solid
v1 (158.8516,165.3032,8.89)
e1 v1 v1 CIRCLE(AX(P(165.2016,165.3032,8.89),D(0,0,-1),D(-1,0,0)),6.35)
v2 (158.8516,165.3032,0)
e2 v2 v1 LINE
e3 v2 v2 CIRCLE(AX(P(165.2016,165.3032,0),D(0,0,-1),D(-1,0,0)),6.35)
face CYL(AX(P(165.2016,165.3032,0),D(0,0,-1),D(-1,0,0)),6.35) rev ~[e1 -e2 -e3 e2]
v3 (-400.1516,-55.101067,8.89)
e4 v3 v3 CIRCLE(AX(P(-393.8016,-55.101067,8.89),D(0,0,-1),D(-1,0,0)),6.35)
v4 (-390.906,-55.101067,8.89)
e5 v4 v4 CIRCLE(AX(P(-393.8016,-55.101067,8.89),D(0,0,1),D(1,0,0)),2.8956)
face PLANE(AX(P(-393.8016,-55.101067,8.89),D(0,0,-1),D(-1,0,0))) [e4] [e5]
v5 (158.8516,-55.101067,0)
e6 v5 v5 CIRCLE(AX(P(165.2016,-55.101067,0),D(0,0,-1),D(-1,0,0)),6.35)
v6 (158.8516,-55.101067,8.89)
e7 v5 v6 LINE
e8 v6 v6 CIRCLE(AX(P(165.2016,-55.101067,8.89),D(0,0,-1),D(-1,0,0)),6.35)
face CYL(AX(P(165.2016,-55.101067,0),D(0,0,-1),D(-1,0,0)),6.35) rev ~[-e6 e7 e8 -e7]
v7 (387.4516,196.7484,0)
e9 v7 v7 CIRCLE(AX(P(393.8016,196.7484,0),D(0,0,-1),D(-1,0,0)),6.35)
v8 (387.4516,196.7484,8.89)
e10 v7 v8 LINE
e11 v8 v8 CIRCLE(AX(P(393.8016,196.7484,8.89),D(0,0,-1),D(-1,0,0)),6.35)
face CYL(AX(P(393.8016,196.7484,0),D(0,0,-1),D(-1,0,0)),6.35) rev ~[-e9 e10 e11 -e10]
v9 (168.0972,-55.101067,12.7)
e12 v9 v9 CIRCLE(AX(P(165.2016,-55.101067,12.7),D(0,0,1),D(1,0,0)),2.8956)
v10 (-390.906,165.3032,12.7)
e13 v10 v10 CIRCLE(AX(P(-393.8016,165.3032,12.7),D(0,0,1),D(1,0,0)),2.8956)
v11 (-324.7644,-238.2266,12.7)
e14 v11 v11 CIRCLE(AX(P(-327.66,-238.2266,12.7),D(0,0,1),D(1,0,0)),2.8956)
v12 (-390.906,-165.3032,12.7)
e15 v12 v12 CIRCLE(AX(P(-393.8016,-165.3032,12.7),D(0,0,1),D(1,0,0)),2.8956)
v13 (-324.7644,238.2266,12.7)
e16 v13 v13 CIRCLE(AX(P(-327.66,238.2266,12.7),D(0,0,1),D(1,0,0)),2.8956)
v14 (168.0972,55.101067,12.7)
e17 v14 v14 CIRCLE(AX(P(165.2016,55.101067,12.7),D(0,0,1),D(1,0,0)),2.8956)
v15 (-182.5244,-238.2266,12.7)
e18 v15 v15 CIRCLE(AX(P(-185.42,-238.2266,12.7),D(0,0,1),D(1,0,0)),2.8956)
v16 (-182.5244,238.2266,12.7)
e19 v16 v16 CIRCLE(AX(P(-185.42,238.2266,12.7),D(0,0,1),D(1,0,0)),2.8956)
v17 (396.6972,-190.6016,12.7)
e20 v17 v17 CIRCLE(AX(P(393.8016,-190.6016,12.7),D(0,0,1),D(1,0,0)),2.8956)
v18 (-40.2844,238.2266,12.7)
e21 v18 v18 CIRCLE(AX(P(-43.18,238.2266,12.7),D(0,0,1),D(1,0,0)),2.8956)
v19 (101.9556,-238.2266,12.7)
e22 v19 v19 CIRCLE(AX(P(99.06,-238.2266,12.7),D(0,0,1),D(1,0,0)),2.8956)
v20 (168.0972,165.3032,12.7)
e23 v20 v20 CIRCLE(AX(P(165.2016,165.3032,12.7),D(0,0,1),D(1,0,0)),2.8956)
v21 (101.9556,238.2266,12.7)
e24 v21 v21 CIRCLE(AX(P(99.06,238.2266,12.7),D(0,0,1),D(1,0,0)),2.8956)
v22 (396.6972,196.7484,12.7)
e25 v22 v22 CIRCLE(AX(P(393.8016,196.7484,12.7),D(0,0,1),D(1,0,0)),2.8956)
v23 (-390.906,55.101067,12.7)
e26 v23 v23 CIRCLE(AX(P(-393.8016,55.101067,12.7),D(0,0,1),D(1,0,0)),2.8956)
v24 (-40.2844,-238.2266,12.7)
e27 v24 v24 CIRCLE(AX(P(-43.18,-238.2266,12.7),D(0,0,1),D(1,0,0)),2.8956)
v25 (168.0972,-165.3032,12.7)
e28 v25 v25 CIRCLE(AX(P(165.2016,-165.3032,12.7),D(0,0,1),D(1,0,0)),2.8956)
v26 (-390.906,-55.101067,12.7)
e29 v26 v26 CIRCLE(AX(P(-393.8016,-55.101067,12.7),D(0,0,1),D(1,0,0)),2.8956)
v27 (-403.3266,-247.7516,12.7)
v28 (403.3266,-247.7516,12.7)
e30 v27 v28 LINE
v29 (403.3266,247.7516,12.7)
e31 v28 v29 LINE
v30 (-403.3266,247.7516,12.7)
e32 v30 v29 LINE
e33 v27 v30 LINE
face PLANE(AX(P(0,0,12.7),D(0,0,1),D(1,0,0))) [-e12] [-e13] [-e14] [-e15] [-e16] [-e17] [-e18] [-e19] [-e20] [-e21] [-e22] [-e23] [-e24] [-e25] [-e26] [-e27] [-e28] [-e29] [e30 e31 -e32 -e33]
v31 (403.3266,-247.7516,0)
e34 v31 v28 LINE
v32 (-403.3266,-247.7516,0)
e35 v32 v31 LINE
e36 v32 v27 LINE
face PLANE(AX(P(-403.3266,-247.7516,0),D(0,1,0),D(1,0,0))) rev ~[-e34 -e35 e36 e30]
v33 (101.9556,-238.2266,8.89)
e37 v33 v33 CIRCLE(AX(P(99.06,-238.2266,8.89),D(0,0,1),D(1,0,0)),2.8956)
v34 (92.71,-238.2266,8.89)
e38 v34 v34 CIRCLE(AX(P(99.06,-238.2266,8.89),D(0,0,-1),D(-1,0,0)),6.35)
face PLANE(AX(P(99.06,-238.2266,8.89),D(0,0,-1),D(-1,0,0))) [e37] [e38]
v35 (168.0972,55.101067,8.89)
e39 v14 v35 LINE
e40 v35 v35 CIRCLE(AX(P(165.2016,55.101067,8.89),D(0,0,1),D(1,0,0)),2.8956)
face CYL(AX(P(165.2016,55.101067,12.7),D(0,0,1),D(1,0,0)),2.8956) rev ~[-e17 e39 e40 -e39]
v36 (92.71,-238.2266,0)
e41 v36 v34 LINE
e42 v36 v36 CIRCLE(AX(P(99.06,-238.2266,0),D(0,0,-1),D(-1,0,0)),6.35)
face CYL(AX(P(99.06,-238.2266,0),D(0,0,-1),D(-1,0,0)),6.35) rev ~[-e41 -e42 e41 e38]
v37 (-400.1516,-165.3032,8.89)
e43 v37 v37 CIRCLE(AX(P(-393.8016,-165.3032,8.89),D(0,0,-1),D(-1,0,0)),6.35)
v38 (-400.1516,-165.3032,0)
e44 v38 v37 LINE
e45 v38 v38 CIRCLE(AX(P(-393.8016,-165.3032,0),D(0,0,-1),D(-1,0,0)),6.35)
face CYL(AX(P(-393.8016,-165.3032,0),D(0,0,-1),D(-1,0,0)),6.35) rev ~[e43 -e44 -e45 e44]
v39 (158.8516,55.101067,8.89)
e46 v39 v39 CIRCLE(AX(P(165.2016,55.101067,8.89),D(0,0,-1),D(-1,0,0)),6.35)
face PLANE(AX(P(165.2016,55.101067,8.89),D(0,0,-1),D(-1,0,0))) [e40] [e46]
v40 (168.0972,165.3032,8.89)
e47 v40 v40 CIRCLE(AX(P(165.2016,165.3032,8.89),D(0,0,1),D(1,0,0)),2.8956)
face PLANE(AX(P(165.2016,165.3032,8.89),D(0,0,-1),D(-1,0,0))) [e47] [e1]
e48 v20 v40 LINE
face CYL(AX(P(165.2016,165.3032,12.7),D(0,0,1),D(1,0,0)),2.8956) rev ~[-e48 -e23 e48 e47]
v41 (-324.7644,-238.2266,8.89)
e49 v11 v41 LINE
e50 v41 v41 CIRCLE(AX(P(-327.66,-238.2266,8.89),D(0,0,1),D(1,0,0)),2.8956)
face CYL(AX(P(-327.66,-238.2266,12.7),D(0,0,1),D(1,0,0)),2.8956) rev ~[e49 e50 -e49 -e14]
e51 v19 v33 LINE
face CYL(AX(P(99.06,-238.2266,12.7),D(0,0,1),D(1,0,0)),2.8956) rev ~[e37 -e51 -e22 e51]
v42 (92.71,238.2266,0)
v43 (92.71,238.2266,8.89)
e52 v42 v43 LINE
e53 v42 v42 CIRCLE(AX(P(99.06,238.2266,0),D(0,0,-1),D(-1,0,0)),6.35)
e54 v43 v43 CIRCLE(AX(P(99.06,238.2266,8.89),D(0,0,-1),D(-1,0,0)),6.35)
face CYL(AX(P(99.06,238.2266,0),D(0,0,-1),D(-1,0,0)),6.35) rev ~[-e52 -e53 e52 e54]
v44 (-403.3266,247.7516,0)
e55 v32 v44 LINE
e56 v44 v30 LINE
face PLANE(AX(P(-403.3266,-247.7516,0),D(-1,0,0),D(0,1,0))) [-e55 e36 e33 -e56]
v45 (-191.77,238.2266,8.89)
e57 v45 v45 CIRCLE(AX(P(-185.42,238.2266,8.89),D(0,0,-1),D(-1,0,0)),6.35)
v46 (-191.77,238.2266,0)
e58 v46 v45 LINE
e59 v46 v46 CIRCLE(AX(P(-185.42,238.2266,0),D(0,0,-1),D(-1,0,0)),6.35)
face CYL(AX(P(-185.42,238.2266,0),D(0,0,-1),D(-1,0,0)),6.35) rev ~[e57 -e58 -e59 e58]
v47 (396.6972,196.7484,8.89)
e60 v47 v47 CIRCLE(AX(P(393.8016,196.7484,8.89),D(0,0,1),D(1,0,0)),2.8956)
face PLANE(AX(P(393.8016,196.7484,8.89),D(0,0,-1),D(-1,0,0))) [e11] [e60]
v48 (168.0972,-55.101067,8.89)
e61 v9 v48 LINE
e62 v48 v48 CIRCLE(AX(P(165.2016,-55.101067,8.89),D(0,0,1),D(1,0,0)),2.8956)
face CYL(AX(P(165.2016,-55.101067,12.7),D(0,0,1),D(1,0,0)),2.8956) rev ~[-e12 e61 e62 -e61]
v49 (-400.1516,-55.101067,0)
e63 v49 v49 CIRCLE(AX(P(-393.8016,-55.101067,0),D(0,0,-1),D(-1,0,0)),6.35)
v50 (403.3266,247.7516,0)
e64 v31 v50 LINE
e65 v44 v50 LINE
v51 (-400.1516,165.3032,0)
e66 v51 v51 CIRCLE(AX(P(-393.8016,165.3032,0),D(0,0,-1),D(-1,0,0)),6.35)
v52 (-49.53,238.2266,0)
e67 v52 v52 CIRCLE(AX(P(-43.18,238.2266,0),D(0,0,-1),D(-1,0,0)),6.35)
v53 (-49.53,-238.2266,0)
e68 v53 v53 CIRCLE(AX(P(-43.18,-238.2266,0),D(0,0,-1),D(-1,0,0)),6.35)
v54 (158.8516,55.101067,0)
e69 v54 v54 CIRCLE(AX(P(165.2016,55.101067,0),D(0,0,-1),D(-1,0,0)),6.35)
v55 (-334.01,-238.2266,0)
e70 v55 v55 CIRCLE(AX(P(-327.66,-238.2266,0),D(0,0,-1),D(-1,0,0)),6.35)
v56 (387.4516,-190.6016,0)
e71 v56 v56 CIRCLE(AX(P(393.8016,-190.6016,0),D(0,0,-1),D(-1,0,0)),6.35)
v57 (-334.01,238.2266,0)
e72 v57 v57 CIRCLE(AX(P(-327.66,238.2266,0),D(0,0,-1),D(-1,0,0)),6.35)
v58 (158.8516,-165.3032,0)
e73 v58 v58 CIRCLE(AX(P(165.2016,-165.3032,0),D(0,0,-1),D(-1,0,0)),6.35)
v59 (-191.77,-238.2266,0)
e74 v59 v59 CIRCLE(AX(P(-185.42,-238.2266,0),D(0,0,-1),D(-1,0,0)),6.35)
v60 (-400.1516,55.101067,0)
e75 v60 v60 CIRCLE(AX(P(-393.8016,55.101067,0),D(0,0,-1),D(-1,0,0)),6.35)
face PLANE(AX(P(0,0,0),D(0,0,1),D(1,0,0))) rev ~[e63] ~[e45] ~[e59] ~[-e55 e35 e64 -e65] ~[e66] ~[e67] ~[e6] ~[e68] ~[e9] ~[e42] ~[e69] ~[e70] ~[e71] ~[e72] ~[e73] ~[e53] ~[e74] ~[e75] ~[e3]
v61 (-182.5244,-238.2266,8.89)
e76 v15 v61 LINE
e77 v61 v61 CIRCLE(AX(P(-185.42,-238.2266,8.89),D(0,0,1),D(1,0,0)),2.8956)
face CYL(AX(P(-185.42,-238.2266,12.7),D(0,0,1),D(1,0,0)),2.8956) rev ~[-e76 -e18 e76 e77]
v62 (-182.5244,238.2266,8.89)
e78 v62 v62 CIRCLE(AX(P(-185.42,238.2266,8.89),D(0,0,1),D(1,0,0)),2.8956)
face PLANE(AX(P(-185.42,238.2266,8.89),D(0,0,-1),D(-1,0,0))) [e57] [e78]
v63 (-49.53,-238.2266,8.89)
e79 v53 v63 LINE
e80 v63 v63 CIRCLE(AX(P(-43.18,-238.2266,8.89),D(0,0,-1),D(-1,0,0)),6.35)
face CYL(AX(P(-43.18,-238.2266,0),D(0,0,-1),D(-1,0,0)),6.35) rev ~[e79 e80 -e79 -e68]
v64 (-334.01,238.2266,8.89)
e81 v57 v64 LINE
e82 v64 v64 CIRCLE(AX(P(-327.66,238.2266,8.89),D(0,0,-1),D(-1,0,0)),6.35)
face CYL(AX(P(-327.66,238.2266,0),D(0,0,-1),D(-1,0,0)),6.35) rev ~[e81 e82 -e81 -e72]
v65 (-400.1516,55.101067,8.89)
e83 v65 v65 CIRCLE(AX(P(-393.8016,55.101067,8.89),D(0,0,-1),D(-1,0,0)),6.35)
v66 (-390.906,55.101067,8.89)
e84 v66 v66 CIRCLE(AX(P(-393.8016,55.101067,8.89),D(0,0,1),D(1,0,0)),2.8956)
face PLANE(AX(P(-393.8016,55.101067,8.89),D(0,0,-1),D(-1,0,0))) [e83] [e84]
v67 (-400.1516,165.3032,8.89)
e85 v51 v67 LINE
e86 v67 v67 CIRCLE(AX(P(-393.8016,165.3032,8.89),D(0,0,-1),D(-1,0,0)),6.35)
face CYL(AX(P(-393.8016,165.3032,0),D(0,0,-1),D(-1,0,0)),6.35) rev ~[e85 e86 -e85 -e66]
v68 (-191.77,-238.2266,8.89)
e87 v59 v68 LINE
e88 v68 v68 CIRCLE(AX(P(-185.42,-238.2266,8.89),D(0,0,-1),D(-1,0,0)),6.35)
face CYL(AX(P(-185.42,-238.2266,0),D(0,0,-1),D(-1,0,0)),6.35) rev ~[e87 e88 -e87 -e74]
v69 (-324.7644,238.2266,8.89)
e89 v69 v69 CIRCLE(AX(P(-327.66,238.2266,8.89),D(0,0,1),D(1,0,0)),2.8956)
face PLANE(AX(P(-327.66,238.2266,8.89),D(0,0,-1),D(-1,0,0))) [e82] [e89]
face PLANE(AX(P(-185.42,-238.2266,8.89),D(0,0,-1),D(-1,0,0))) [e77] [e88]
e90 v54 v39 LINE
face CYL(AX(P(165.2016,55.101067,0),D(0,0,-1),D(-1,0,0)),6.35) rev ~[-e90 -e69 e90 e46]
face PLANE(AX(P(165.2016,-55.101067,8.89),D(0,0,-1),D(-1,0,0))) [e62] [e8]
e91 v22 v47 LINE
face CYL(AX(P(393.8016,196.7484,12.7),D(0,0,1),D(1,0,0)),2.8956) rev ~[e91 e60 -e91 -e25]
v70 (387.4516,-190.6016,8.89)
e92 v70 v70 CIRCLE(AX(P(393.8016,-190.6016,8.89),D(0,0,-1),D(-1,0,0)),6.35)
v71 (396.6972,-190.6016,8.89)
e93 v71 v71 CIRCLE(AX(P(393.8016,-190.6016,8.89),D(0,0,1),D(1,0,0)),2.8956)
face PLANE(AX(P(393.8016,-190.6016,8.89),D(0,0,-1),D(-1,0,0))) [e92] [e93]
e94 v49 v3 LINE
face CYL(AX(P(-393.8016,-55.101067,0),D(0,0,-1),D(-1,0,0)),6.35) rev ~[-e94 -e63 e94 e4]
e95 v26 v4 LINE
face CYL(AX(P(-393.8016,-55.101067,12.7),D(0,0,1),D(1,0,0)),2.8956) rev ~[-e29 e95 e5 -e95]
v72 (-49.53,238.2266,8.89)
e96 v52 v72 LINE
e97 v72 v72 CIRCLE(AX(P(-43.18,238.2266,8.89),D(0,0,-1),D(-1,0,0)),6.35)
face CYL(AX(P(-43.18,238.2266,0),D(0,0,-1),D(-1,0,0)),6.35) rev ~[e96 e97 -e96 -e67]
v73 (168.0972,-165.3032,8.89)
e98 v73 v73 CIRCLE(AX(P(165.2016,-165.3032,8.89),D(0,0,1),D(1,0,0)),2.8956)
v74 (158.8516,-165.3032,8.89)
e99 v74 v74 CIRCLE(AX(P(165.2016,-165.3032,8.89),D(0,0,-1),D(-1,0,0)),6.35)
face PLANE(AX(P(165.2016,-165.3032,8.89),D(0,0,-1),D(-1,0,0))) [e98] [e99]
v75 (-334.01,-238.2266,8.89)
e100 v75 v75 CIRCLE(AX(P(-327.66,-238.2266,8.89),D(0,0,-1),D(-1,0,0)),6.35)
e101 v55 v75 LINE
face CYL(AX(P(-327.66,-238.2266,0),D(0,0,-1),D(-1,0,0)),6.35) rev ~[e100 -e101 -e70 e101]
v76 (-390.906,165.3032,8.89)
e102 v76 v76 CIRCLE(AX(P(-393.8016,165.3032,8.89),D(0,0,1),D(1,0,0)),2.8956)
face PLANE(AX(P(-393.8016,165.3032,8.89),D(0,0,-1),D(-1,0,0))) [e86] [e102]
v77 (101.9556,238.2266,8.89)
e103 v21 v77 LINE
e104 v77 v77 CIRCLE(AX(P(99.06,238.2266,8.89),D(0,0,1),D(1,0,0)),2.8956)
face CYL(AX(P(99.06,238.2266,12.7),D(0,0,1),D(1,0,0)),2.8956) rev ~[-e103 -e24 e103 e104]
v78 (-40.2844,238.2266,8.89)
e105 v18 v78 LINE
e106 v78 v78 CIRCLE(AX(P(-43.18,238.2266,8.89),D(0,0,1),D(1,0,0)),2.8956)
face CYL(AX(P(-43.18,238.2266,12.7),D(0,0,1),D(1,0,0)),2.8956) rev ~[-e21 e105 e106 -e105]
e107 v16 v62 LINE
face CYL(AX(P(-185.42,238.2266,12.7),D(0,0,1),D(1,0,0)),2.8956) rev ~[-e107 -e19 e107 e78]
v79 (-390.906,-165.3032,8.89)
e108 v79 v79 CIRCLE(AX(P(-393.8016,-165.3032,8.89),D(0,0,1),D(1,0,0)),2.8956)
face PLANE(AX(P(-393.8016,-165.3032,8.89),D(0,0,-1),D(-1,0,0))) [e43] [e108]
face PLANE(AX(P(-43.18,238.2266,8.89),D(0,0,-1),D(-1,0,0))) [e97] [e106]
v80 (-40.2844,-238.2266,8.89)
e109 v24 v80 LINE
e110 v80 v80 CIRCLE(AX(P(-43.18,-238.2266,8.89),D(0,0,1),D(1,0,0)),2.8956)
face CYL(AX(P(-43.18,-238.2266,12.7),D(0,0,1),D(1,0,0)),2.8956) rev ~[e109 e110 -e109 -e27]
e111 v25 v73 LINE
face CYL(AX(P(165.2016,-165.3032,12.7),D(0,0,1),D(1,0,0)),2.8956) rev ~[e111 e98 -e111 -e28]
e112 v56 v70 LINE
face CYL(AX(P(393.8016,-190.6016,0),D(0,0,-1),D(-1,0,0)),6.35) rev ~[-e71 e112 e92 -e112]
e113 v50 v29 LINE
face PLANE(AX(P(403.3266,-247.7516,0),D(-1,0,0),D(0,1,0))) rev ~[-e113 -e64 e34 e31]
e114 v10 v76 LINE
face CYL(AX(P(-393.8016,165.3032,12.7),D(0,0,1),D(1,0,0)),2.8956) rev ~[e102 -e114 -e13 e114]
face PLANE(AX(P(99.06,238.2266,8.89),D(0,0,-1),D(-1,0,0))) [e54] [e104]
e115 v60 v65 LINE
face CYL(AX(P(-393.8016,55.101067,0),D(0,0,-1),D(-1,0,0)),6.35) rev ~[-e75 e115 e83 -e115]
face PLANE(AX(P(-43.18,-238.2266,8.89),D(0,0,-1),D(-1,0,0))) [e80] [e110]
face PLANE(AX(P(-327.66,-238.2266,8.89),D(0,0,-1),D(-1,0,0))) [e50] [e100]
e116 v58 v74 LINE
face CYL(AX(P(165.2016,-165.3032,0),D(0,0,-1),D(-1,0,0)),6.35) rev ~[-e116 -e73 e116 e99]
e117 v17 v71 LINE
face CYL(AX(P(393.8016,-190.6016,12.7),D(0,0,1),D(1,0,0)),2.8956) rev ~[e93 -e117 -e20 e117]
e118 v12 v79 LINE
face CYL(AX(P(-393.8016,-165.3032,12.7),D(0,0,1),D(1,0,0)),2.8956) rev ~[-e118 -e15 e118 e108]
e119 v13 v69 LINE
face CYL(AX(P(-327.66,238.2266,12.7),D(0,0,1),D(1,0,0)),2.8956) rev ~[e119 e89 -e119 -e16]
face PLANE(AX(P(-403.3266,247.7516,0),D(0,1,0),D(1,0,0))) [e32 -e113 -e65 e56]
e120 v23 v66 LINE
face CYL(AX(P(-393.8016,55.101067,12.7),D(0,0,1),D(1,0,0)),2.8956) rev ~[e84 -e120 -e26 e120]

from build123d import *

# Parameters (mm, degrees)
SKETCH1_W                     = 806.6532
SKETCH1_H                     = 495.5032
BOSS_EXTRUDE1_DEPTH           = 12.7
SKETCH2_R                     = 2.8956
SIDEBARHOLEMASTER_DEPTH       = 13.7
SKETCH3_R                     = 6.35
COUNTERSINK_DEPTH             = 8.89
LPATTERN1_COUNT               = 4
LPATTERN1_PITCH               = 110.202133333
SKETCH4_R                     = 2.8956
REARFRONTBARMOUNT_DEPTH       = 13.7
SKETCH5_R                     = 6.35
REARFRONTBARCOUNTERSINK_DEPTH = 8.89
LPATTERN2_COUNT               = 4
LPATTERN2_PITCH               = 142.24
SKETCH6_R                     = 2.8956
EBFORWARDMOUNTHOLE_DEPTH      = 13.7
SKETCH7_R                     = 6.35
EB_MOUNTS_COUNTERSINKS_DEPTH  = 8.89


with BuildPart() as part:
    # Sketch1 → Boss-Extrude1 (new body)
    with BuildSketch(Plane.XY):
        Rectangle(SKETCH1_W, SKETCH1_H)
    extrude(amount=BOSS_EXTRUDE1_DEPTH)

    # Sketch2 → SideBarHoleMaster (cut, through all)
    with BuildSketch(Plane.XY.offset(12.7)):
        with Locations((-393.8016, -165.3032)):
            Circle(SKETCH2_R)
        with Locations((165.2016, -165.3032)):
            Circle(SKETCH2_R)
    sidebarholemaster = extrude(amount=-SIDEBARHOLEMASTER_DEPTH, mode=Mode.SUBTRACT)

    # Sketch3 → Countersink (cut)
    with BuildSketch(Plane(origin=(0, 0, 0), x_dir=(-1, 0, 0), z_dir=(0, 0, -1))):
        with Locations((-165.2016, -165.3032)):
            Circle(SKETCH3_R)
        with Locations((393.8016, -165.3032)):
            Circle(SKETCH3_R)
    countersink = extrude(amount=-COUNTERSINK_DEPTH, mode=Mode.SUBTRACT)

    # LPattern1: SideBarHoleMaster, Countersink ×4
    with Locations(*[(0, i * LPATTERN1_PITCH, 0) for i in range(1, LPATTERN1_COUNT)]):
        add(sidebarholemaster, mode=Mode.SUBTRACT)
        add(countersink, mode=Mode.SUBTRACT)

    # Sketch4 → RearFrontBarMount (cut, through all)
    with BuildSketch(Plane.XY.offset(12.7)):
        with Locations((-327.66, -238.2266)):
            Circle(SKETCH4_R)
        with Locations((-327.66, 238.2266)):
            Circle(SKETCH4_R)
    rearfrontbarmount = extrude(amount=-REARFRONTBARMOUNT_DEPTH, mode=Mode.SUBTRACT)

    # Sketch5 → RearFrontBarCounterSink (cut)
    with BuildSketch(Plane(origin=(0, 0, 0), x_dir=(-1, 0, 0), z_dir=(0, 0, -1))):
        with Locations((327.66, -238.2266)):
            Circle(SKETCH5_R)
        with Locations((327.66, 238.2266)):
            Circle(SKETCH5_R)
    rearfrontbarcountersink = extrude(amount=-REARFRONTBARCOUNTERSINK_DEPTH, mode=Mode.SUBTRACT)

    # LPattern2: RearFrontBarMount, RearFrontBarCounterSink ×4
    with Locations(*[(i * LPATTERN2_PITCH, 0, 0) for i in range(1, LPATTERN2_COUNT)]):
        add(rearfrontbarmount, mode=Mode.SUBTRACT)
        add(rearfrontbarcountersink, mode=Mode.SUBTRACT)

    # Sketch6 → EBForwardMountHole (cut, through all)
    with BuildSketch(Plane.XY.offset(12.7)):
        with Locations((393.8016, 196.7484)):
            Circle(SKETCH6_R)
        with Locations((393.8016, -190.6016)):
            Circle(SKETCH6_R)
    extrude(amount=-EBFORWARDMOUNTHOLE_DEPTH, mode=Mode.SUBTRACT)

    # Sketch7 → EB-Mounts-Countersinks (cut)
    with BuildSketch(Plane(origin=(0, 0, 0), x_dir=(-1, 0, 0), z_dir=(0, 0, -1))):
        with Locations((-393.8016, 196.7484)):
            Circle(SKETCH7_R)
        with Locations((-393.8016, -190.6016)):
            Circle(SKETCH7_R)
    extrude(amount=-EB_MOUNTS_COUNTERSINKS_DEPTH, mode=Mode.SUBTRACT)


solid = part.part
